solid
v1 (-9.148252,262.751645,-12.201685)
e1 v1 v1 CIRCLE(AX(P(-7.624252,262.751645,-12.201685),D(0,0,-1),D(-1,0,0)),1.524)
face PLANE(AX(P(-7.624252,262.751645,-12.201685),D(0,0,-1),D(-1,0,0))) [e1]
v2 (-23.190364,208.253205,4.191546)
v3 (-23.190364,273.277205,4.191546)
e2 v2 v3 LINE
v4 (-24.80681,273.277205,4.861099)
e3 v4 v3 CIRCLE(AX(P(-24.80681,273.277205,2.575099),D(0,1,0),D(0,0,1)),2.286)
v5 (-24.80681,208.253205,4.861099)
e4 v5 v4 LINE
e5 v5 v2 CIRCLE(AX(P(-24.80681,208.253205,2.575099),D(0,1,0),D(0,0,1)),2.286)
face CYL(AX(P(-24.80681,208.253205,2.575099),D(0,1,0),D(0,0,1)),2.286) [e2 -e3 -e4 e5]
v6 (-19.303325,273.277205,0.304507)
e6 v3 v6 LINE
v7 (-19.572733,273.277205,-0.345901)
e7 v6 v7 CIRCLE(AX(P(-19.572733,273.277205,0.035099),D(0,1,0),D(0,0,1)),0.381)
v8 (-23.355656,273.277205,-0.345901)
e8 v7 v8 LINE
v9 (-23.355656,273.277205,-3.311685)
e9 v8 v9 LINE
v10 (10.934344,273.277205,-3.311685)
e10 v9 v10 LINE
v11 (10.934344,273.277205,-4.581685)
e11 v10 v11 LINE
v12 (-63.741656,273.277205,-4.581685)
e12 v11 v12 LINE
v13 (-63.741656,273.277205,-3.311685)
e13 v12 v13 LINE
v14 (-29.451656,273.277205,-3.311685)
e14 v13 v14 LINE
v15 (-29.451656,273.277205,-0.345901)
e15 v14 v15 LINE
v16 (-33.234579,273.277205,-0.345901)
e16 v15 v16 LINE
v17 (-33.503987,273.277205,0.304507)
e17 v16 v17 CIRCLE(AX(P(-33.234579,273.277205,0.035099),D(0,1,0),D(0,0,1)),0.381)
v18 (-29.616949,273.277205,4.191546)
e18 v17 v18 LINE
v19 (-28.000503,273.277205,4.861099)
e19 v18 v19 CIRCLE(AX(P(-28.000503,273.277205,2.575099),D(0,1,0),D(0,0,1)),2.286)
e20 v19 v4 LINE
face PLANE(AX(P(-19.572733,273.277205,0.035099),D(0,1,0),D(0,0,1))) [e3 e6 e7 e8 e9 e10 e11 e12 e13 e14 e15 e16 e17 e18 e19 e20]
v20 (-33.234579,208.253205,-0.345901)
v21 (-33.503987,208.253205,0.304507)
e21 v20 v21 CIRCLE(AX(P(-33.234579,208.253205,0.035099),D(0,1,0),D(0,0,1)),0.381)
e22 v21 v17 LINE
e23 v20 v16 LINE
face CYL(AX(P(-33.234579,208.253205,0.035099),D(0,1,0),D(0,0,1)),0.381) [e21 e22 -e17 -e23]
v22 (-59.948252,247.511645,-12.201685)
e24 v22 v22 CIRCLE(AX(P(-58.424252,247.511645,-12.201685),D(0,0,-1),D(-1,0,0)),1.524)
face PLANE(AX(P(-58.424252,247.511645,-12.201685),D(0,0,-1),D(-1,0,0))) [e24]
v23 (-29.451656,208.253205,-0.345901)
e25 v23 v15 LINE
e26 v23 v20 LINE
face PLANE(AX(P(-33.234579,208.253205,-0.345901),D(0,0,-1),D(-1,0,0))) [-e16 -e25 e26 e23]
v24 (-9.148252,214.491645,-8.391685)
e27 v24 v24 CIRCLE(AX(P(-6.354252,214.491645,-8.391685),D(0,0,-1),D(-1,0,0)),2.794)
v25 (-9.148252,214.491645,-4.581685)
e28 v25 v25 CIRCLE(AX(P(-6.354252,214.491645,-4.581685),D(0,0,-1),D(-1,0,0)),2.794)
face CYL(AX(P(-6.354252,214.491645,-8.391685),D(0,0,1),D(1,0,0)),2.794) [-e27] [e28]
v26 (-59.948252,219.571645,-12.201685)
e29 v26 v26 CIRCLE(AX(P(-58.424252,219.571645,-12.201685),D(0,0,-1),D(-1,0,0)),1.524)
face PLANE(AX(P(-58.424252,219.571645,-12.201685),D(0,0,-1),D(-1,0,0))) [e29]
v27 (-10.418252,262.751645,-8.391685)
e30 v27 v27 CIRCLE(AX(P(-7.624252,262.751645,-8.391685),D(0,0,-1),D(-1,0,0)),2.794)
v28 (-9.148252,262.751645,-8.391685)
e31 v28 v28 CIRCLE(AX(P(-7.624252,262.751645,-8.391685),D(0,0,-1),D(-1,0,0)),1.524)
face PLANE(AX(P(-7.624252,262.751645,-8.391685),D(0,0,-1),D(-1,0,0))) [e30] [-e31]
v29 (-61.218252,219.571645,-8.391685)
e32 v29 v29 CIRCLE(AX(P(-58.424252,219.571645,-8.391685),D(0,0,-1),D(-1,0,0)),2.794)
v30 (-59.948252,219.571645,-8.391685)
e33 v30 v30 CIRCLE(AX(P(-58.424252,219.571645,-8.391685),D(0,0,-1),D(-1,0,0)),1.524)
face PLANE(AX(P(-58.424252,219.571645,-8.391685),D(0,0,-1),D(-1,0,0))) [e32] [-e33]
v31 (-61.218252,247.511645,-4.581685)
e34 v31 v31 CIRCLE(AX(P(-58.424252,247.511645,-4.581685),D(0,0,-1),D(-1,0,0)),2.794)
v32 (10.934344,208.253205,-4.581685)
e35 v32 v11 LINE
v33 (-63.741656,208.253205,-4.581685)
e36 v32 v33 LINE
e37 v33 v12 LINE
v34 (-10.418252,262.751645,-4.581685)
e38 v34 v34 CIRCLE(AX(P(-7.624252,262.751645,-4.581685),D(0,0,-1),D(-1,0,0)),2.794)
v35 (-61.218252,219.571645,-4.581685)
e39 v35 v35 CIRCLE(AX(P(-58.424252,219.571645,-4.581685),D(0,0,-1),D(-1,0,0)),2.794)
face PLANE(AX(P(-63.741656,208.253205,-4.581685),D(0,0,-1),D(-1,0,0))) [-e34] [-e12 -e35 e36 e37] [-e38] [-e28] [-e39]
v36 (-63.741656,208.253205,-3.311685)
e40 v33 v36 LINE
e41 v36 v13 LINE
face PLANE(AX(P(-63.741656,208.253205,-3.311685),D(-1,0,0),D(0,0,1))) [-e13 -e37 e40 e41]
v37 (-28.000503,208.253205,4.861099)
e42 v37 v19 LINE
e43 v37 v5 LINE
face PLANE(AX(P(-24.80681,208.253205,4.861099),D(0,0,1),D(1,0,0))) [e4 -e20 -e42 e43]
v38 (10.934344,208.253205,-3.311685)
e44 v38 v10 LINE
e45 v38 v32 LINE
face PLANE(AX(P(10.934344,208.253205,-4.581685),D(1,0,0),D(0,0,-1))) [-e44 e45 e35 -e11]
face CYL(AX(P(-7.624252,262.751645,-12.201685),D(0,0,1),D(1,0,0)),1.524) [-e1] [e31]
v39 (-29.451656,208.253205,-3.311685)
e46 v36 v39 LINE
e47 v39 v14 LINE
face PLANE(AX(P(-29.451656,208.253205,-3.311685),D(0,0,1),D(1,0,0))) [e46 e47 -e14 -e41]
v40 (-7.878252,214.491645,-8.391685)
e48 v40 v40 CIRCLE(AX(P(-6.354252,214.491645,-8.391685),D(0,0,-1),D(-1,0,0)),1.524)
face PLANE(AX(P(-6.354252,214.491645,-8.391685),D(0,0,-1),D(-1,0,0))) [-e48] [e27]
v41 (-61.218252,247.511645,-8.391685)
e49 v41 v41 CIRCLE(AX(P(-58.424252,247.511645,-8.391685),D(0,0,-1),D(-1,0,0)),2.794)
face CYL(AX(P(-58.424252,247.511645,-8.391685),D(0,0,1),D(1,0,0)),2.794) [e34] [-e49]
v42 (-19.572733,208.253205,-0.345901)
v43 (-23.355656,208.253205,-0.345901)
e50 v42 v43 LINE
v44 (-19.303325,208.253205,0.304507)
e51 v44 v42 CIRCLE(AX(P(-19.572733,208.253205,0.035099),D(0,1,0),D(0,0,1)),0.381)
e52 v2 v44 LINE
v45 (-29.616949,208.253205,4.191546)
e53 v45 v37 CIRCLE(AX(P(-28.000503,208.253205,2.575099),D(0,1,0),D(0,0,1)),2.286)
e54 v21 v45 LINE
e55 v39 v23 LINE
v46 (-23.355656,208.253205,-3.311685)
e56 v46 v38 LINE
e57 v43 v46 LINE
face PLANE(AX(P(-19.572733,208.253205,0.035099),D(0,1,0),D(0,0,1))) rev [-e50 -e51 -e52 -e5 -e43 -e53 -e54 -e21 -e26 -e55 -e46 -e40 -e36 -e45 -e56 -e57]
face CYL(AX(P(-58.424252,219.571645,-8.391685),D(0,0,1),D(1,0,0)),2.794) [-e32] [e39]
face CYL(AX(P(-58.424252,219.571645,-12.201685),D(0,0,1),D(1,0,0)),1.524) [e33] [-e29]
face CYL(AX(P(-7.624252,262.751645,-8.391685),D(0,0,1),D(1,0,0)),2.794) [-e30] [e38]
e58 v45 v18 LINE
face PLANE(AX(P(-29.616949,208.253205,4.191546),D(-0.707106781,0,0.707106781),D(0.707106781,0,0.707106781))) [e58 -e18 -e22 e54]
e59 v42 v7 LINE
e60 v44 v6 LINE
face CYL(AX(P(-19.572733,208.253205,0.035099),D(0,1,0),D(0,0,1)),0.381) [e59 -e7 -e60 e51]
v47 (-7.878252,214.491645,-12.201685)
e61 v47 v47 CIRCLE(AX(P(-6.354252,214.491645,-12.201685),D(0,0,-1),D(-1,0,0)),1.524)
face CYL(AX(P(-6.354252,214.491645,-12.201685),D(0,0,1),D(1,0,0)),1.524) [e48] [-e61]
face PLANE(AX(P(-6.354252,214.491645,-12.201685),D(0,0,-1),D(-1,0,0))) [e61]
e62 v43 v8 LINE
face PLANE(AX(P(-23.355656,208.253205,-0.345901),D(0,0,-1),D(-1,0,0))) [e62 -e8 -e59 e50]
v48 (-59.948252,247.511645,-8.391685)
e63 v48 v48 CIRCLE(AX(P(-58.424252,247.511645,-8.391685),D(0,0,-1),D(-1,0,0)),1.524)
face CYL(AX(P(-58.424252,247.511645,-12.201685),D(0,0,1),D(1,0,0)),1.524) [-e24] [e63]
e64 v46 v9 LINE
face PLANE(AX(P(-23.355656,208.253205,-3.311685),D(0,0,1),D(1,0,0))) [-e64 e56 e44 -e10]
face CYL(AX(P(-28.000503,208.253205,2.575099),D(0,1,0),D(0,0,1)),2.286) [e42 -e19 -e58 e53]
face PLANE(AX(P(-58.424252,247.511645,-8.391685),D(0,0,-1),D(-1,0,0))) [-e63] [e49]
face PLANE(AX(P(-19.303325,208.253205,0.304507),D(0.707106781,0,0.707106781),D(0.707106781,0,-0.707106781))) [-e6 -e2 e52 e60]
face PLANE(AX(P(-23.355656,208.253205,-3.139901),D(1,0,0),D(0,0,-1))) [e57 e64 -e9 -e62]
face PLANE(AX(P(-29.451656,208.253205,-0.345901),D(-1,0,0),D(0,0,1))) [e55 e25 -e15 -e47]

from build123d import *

# Parameters (mm, degrees)
BOSS_EXTRUDE1_DEPTH = 65.024
SKETCH8_R           = 1.524
BOSS_EXTRUDE4_DEPTH = 7.62
SKETCH9_R           = 2.794
BOSS_EXTRUDE5_DEPTH = 3.81


with BuildPart() as part:
    # Sketch2 → Boss-Extrude1 (new body)
    with BuildSketch(Plane(origin=(0, 273.277204506, 0), x_dir=(1, 0, 0), z_dir=(0, 1, 0))):
        with BuildLine():
            Line((-29.45165626, 3.139900531), (-29.45165626, 3.311685007))
            Line((-29.45165626, 3.311685007), (-63.74165626, 3.311685007))
            Line((-63.74165626, 3.311685007), (-63.74165626, 4.581685007))
            Line((-63.74165626, 4.581685007), (10.93434374, 4.581685007))
            Line((10.93434374, 4.581685007), (10.93434374, 3.311685007))
            Line((10.93434374, 3.311685007), (-23.35565626, 3.311685007))
            Line((-23.35565626, 3.311685007), (-23.35565626, 3.139900531))
            Line((-23.35565626, 3.139900531), (-23.35565626, 0.345900531))
            Line((-23.35565626, 0.345900531), (-19.572733097, 0.345900531))
            ThreePointArc((-19.572733097, 0.345900531), (-19.220734995, 0.110702919), (-19.303325413, -0.304507152))
            Line((-19.303325413, -0.304507152), (-23.190363831, -4.19154557))
            ThreePointArc((-23.190363831, -4.19154557), (-23.931995607, -4.68708808), (-24.806809933, -4.861099469))
            Line((-24.806809933, -4.861099469), (-28.000502588, -4.861099469))
            ThreePointArc((-28.000502588, -4.861099469), (-28.875316914, -4.68708808), (-29.616948689, -4.19154557))
            Line((-29.616948689, -4.19154557), (-33.503987108, -0.304507152))
            ThreePointArc((-33.503987108, -0.304507152), (-33.586577526, 0.110702919), (-33.234579424, 0.345900531))
            Line((-33.234579424, 0.345900531), (-29.45165626, 0.345900531))
            Line((-29.45165626, 0.345900531), (-29.45165626, 3.139900531))
        make_face()
    extrude(amount=-BOSS_EXTRUDE1_DEPTH)

    # Sketch8 → Boss-Extrude4 (add)
    with BuildSketch(Plane(origin=(0, 0, -4.581685007), x_dir=(-1, 0, 0), z_dir=(0, 0, -1))):
        with Locations((7.624251866, 262.75164523)):
            Circle(SKETCH8_R)
        with Locations((58.424251866, 247.51164523)):
            Circle(SKETCH8_R)
        with Locations((58.424251866, 219.57164523)):
            Circle(SKETCH8_R)
        with Locations((6.354251866, 214.49164523)):
            Circle(SKETCH8_R)
    extrude(amount=BOSS_EXTRUDE4_DEPTH)

    # Sketch9 → Boss-Extrude5 (add)
    with BuildSketch(Plane(origin=(0, 0, -4.581685007), x_dir=(-1, 0, 0), z_dir=(0, 0, -1))):
        with Locations((7.624251866, 262.75164523)):
            Circle(SKETCH9_R)
        with Locations((58.424251866, 247.51164523)):
            Circle(SKETCH9_R)
        with Locations((6.354251866, 214.49164523)):
            Circle(SKETCH9_R)
        with Locations((58.424251866, 219.57164523)):
            Circle(SKETCH9_R)
    extrude(amount=BOSS_EXTRUDE5_DEPTH)


solid = part.part
